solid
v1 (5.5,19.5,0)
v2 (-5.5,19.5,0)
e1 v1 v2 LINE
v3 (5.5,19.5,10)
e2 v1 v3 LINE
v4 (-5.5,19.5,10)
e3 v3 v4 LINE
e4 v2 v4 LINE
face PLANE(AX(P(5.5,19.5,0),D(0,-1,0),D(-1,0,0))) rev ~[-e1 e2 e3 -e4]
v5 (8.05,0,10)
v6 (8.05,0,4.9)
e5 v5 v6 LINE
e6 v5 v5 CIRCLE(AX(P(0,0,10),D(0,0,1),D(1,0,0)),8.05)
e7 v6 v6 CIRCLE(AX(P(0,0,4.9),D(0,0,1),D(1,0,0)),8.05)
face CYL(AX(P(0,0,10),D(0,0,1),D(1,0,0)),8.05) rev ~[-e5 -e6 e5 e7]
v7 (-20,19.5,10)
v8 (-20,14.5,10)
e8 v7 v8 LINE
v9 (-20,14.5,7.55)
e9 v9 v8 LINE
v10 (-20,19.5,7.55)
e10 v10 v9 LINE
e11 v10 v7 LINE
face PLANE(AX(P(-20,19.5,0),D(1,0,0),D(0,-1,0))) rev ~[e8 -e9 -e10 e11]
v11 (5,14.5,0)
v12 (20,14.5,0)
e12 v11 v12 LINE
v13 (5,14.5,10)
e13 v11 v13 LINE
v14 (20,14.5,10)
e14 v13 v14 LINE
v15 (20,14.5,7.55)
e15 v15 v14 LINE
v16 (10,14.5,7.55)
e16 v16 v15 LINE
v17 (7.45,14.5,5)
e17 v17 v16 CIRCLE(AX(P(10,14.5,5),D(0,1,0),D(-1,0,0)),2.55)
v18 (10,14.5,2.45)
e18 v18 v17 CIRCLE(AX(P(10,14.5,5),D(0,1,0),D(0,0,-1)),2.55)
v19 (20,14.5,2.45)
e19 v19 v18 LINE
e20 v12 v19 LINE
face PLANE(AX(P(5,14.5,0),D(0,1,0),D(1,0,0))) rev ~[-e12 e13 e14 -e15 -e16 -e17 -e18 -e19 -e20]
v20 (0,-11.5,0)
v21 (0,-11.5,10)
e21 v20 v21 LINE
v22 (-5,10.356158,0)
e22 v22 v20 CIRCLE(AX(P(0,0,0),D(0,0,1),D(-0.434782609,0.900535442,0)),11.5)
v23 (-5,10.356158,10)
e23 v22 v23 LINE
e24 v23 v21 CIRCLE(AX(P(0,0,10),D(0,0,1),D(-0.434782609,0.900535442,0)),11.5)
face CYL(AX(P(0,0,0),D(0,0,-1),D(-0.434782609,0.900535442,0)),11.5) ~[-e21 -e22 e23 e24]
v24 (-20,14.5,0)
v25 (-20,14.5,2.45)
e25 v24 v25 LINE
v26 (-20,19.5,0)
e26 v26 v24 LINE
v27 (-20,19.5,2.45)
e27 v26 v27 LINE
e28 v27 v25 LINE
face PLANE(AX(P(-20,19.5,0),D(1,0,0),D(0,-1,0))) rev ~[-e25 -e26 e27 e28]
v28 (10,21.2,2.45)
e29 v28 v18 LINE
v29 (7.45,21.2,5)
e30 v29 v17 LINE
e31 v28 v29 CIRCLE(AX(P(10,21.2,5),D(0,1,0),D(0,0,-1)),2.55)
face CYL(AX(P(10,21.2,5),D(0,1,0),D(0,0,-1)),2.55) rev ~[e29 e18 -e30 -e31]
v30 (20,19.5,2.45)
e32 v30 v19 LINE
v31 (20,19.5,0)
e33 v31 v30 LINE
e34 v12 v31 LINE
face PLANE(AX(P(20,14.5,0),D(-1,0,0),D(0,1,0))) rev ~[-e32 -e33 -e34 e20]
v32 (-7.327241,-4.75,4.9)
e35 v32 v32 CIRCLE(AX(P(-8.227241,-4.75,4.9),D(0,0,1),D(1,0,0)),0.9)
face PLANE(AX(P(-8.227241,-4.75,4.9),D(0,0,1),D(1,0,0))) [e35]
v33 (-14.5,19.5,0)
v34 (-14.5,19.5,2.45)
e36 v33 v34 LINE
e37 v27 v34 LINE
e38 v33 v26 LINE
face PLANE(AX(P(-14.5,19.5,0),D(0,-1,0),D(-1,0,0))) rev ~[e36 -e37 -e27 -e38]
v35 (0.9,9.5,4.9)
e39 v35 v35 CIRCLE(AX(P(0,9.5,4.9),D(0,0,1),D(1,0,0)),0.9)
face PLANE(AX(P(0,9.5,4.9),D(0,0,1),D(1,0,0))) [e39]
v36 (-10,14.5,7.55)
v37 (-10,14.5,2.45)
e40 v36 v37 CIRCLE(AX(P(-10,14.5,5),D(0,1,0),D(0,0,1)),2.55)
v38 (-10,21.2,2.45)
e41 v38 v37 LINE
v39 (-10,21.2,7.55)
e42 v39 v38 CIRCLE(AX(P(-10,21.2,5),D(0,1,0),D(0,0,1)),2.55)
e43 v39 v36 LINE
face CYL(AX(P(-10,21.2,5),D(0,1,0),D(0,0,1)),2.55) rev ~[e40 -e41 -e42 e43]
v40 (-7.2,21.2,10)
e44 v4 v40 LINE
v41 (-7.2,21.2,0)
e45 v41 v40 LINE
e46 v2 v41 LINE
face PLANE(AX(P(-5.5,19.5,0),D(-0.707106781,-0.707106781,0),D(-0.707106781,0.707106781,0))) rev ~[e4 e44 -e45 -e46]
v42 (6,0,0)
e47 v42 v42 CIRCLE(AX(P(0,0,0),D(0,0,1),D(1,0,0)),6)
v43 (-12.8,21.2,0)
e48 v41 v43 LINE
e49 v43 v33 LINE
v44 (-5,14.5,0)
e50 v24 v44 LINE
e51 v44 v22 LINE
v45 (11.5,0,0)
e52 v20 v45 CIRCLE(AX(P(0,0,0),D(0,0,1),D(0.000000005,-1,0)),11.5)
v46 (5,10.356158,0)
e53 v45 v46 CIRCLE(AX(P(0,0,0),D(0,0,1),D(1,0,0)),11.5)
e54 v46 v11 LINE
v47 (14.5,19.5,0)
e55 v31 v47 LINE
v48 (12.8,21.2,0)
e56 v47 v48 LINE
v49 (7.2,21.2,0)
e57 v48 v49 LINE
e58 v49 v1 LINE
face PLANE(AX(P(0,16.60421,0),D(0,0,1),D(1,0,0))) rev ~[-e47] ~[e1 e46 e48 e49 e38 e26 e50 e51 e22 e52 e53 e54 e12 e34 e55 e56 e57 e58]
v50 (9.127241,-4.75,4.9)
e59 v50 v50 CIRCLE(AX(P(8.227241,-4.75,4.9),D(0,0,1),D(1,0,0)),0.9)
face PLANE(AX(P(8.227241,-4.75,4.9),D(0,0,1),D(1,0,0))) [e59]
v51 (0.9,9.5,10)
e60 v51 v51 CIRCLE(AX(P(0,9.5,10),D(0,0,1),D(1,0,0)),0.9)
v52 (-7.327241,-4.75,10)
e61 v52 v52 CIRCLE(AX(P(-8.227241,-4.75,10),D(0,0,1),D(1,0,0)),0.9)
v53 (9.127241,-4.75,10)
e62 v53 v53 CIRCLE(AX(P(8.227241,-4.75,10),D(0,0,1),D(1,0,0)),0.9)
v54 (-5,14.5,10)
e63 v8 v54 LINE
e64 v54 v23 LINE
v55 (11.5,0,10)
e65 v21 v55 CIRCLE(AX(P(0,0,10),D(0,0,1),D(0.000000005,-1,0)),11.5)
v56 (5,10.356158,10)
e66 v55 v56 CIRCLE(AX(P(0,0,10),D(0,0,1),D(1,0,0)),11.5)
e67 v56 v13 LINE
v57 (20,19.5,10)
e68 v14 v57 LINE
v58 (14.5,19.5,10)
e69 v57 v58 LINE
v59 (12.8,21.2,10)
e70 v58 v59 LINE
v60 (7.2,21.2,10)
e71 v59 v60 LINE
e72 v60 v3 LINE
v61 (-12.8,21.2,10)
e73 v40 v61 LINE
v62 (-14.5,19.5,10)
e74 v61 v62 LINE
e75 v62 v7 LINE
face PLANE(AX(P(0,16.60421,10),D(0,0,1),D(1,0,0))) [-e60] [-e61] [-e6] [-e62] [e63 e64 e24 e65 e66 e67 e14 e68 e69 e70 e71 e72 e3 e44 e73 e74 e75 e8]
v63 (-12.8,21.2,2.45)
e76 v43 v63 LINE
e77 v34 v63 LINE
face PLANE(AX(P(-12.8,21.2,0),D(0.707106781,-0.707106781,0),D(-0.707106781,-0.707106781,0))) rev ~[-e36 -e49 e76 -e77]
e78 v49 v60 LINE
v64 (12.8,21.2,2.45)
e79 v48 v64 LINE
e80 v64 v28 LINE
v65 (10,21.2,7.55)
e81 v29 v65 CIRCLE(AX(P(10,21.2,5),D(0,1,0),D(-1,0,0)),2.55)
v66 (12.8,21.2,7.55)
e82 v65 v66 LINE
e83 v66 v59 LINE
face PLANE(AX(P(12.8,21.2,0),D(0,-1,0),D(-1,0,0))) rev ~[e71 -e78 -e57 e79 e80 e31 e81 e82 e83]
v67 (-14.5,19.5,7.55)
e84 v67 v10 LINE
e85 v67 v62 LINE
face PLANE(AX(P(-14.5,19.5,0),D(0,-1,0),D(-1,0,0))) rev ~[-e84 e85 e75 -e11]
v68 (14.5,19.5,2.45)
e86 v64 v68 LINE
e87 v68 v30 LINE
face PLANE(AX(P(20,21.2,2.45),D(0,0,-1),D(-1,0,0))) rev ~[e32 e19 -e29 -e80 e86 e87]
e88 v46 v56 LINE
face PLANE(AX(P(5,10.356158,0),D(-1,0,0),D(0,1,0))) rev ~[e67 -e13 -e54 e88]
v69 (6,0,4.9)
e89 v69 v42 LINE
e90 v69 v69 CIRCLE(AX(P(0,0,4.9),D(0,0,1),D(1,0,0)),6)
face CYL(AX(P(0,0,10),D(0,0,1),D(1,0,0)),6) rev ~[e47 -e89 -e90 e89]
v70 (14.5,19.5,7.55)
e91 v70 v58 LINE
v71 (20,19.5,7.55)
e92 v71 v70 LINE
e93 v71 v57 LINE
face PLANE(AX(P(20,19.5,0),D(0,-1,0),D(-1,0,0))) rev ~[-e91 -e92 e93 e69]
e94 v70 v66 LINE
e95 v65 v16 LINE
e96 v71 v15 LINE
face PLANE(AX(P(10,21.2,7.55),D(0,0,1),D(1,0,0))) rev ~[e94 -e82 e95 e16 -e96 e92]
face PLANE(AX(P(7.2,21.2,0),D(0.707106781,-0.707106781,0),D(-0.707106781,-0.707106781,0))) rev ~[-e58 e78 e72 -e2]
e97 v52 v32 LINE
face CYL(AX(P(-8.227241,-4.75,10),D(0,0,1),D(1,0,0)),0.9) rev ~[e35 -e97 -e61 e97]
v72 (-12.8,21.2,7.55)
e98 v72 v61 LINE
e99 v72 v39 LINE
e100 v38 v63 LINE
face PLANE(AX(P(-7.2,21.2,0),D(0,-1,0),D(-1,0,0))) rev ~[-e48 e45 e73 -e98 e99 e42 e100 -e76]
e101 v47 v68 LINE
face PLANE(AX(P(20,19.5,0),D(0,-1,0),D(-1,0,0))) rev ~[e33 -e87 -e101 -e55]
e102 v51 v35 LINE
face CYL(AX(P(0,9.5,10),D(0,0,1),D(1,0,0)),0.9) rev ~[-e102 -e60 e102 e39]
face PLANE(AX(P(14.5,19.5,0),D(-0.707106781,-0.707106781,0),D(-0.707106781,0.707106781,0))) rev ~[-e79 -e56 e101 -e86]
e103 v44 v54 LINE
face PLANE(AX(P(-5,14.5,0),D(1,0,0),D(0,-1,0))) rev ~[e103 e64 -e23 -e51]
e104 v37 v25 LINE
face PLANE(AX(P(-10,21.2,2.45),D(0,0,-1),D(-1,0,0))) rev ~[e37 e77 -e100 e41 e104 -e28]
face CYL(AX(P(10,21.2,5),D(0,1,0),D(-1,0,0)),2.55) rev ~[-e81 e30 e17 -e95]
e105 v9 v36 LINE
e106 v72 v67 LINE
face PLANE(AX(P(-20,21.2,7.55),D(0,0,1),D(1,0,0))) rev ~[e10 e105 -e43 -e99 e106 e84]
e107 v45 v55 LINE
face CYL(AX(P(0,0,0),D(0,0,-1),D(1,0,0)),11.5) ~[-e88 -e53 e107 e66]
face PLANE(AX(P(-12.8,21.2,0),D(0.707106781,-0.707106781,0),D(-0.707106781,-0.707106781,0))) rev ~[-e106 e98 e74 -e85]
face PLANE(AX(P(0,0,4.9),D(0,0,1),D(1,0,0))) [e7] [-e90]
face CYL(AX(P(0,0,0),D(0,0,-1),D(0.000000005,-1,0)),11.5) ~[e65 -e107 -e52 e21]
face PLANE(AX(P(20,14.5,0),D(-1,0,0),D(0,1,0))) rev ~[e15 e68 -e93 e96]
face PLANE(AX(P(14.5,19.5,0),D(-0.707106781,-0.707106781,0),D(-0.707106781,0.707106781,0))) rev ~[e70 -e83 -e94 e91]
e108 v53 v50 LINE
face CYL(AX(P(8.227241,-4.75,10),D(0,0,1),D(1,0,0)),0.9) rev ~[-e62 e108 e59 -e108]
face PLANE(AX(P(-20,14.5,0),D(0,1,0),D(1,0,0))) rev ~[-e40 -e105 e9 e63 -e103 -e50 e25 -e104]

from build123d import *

# Parameters (mm, degrees)
F1_DEPTH = 10
F2_R     = 6
F3_DEPTH = 10
F2_R_2   = 8.05
F2_R_3   = 0.9
F4_DEPTH = 5.1
F7_DEPTH = 6.7


with BuildPart() as f1:
    # F0 (on Top) → F1 (new body)
    with BuildSketch(Plane.XY):
        with BuildLine():
            Line((-5, 14.5), (-5, 10.3561575886))
            ThreePointArc((-5, 10.3561575886), (0, 11.5), (5, 10.3561575886))
            Line((5, 10.3561575886), (5, 14.5))
            Line((5, 14.5), (20, 14.5))
            Line((20, 14.5), (20, 19.5))
            Line((20, 19.5), (14.5, 19.5))
            Line((14.5, 19.5), (12.8, 21.2))
            Line((12.8, 21.2), (7.2, 21.2))
            Line((7.2, 21.2), (5.5, 19.5))
            Line((5.5, 19.5), (-5.5, 19.5))
            Line((-5.5, 19.5), (-7.2, 21.2))
            Line((-7.2, 21.2), (-12.8, 21.2))
            Line((-12.8, 21.2), (-14.5, 19.5))
            Line((-14.5, 19.5), (-20, 19.5))
            Line((-20, 19.5), (-20, 14.5))
            Line((-20, 14.5), (-5, 14.5))
        make_face()
        with BuildLine():
            ThreePointArc((-5, 10.3561575886), (-11.2103927672, -2.5645845676), (5.56e-08, -11.5))
            ThreePointArc((5.56e-08, -11.5), (8.1317280033, -8.131727964), (11.5, 0))
            ThreePointArc((11.5, 0), (9.7403798694, 6.1135096303), (5, 10.3561575886))
            ThreePointArc((5, 10.3561575886), (0, 11.5), (-5, 10.3561575886))
        make_face()
    extrude(amount=F1_DEPTH)

    # F2 (on face) → F3 (cut, through all)
    with BuildSketch(Plane.XY.offset(10)):
        Circle(F2_R)
    extrude(amount=-F3_DEPTH, mode=Mode.SUBTRACT)

    # F2 (on face) → F4 (cut)
    with BuildSketch(Plane.XY.offset(10)):
        Circle(F2_R_2)
        Circle(F2_R, mode=Mode.SUBTRACT)
        with Locations((-8.227241336, -4.75)):
            Circle(F2_R_3)
        with Locations((0, 9.5)):
            Circle(F2_R_3)
        with Locations((8.227241336, -4.75)):
            Circle(F2_R_3)
    extrude(amount=-F4_DEPTH, mode=Mode.SUBTRACT)

    # F6 (on offset) → F7 (cut, through all)
    with BuildSketch(Plane(origin=(0, 21.2, 0), x_dir=(-1, 0, 0), z_dir=(0, 1, 0))):
        with BuildLine():
            ThreePointArc((10, 2.45), (11.803122292, 3.196877708), (12.55, 5))
            ThreePointArc((12.55, 5), (11.803122292, 6.803122292), (10, 7.55))
            ThreePointArc((10, 7.55), (7.45, 5), (10, 2.45))
        make_face()
        with BuildLine():
            ThreePointArc((10, 7.55), (11.803122292, 6.803122292), (12.55, 5))
            ThreePointArc((12.55, 5), (11.803122292, 3.196877708), (10, 2.45))
            Line((10, 2.45), (20, 2.45))
            Line((20, 2.45), (20, 7.55))
            Line((20, 7.55), (10, 7.55))
        make_face()
        with BuildLine():
            ThreePointArc((-10, 2.45), (-12.55, 5), (-10, 7.55))
            Line((-10, 7.55), (-20, 7.55))
            Line((-20, 7.55), (-20, 2.45))
            Line((-20, 2.45), (-10, 2.45))
        make_face()
        with BuildLine():
            ThreePointArc((-10, 2.45), (-8.196877708, 3.196877708), (-7.45, 5))
            ThreePointArc((-7.45, 5), (-8.196877708, 6.803122292), (-10, 7.55))
            ThreePointArc((-10, 7.55), (-12.55, 5), (-10, 2.45))
        make_face()
    extrude(amount=-F7_DEPTH, mode=Mode.SUBTRACT)


solid = f1.part
